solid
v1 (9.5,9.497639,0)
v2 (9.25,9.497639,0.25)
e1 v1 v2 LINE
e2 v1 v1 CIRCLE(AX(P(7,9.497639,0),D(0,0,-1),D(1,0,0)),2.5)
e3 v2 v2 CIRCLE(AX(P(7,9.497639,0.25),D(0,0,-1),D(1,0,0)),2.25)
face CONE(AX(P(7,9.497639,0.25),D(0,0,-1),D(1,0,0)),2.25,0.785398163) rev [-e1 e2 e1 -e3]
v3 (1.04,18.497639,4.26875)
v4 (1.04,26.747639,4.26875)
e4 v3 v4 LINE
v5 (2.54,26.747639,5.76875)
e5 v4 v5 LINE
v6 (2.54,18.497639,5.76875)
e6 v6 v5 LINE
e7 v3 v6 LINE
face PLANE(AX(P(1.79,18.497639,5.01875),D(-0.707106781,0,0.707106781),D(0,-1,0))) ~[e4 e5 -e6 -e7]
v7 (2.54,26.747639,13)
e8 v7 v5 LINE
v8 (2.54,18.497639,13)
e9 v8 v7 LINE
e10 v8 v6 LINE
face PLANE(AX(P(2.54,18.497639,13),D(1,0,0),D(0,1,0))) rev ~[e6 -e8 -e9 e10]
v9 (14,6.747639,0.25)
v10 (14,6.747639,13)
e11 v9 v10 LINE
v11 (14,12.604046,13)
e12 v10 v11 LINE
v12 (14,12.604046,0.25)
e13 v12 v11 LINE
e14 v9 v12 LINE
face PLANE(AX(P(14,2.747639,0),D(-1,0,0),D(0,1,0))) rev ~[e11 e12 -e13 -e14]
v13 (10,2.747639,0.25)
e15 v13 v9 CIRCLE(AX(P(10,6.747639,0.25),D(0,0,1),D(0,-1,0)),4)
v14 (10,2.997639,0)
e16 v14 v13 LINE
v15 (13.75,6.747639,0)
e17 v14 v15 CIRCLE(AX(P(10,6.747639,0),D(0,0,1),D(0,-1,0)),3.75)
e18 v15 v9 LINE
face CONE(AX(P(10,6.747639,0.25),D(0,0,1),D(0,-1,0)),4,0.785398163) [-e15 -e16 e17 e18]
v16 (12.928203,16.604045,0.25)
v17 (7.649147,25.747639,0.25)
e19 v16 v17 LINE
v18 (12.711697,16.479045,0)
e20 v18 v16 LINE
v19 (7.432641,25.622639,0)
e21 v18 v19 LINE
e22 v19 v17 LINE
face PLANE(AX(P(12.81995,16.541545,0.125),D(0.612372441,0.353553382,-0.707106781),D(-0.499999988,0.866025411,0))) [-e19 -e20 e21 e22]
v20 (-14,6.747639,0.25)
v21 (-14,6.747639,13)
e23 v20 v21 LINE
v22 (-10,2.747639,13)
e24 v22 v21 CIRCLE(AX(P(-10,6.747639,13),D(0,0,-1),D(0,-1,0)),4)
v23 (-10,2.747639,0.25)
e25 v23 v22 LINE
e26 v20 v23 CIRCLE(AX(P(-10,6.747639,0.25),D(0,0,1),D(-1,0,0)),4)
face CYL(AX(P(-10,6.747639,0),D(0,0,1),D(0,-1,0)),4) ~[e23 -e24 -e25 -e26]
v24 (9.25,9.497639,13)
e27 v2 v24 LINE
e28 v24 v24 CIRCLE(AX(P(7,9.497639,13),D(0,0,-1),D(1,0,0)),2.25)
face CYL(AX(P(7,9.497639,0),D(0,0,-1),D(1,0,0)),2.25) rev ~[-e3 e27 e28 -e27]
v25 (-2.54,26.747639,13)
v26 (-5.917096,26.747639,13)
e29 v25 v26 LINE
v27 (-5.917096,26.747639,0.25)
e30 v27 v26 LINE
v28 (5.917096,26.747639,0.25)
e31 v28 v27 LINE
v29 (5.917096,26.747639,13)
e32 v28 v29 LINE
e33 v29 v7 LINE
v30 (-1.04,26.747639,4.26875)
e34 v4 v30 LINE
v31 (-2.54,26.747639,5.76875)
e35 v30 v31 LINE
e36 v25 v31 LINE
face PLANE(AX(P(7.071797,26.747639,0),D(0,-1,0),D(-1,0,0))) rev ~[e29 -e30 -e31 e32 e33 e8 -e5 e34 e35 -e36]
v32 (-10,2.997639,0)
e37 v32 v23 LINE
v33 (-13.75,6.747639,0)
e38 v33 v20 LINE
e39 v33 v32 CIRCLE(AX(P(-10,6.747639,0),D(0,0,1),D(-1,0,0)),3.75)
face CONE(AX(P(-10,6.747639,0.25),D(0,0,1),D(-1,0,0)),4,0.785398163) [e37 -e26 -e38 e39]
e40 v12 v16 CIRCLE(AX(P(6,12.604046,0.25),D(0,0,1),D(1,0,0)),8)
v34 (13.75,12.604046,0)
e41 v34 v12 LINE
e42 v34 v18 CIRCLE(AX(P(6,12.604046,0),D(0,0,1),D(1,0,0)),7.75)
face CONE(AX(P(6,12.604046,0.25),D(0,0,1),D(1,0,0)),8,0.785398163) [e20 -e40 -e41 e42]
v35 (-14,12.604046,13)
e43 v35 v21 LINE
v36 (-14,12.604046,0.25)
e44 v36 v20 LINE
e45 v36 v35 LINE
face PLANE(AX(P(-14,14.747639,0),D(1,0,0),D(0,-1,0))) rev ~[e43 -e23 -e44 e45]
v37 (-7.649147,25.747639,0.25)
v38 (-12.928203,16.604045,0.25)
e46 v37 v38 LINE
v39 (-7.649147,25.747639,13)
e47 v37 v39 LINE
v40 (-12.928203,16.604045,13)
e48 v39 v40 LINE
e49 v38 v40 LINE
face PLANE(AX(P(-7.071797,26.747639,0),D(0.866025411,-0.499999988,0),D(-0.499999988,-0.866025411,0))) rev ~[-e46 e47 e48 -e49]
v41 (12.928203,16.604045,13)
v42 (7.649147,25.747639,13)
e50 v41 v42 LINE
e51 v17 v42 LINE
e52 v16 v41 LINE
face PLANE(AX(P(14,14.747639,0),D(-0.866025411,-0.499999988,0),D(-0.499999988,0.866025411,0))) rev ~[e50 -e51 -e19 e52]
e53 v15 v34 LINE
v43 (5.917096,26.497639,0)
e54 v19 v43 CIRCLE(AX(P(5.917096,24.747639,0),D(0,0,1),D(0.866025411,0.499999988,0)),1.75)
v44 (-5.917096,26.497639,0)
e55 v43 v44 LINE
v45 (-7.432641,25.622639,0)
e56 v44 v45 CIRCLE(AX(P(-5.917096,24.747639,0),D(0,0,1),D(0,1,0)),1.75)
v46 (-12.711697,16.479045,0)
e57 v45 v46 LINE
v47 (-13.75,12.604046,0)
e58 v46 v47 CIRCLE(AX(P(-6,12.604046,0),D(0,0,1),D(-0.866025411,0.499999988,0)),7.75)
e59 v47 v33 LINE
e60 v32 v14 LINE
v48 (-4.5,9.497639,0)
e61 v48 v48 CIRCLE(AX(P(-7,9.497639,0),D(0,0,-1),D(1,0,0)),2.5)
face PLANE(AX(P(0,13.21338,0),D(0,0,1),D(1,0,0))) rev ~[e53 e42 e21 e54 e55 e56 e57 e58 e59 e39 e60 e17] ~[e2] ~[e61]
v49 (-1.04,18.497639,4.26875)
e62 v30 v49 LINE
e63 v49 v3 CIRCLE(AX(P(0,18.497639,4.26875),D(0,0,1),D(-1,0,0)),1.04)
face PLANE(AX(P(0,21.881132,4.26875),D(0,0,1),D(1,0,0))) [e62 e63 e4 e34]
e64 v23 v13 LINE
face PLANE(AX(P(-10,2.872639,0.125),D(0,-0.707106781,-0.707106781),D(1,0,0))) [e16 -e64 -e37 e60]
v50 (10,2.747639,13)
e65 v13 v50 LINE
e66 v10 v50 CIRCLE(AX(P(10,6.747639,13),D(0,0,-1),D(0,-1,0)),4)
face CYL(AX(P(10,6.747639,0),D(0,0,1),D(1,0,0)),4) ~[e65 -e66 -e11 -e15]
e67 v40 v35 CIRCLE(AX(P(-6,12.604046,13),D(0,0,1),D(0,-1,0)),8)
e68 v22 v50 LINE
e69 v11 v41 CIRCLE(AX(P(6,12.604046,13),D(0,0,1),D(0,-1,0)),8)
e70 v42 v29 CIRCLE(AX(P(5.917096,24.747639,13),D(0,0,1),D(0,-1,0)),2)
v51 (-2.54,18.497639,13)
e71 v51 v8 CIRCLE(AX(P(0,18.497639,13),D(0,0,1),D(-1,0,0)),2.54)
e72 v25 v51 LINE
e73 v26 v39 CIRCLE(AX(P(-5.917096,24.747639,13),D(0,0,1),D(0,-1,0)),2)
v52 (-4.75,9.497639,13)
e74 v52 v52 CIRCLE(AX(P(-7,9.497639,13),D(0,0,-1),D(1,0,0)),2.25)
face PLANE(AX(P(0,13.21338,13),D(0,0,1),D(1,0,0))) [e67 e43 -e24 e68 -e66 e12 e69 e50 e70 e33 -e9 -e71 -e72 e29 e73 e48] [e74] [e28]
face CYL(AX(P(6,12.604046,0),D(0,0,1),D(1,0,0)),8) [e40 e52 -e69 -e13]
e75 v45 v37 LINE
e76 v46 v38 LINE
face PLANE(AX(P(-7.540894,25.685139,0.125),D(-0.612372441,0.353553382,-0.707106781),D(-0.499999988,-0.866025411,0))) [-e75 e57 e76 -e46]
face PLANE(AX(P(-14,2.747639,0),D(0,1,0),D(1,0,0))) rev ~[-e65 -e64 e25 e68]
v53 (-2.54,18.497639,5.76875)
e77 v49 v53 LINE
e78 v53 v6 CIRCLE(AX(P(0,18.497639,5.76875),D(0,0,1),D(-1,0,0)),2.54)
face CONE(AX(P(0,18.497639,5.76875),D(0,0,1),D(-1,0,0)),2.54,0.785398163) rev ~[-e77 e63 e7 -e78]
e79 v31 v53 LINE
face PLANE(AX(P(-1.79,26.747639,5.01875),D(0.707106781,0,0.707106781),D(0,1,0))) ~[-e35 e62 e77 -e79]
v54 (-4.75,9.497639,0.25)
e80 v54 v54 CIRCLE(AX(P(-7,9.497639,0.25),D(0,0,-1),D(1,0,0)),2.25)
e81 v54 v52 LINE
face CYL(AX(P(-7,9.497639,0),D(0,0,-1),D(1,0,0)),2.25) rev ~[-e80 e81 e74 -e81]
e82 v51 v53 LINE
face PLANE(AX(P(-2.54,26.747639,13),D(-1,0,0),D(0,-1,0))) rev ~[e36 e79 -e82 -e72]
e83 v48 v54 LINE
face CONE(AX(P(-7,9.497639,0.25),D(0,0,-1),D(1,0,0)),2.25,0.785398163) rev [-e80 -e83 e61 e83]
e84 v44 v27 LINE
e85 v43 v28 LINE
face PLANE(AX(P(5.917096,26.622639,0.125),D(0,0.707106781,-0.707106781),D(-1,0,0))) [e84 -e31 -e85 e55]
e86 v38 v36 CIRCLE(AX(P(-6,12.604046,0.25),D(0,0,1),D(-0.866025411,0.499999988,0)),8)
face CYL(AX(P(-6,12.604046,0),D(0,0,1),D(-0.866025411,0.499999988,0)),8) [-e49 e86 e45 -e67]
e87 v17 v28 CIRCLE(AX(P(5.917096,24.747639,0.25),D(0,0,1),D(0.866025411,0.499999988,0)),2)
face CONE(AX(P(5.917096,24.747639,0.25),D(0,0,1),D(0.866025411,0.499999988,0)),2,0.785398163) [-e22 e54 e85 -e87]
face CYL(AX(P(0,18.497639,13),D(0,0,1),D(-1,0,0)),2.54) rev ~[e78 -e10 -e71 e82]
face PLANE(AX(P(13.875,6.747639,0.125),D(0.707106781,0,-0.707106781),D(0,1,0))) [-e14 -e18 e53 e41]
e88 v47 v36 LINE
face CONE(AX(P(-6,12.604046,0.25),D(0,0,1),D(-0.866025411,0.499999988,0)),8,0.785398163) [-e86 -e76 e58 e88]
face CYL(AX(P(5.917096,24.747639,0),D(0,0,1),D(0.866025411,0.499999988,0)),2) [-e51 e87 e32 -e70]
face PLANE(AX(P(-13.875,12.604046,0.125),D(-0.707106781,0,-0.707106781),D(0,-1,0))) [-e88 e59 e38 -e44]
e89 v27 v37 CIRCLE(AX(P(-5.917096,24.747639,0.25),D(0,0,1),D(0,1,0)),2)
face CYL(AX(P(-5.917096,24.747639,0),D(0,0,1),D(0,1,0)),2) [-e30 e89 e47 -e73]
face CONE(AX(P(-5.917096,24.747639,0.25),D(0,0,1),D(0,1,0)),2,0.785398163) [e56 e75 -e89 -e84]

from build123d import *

# Parameters (mm, degrees)
F1_DEPTH = 13
F2_R     = 8
F3_R     = 2
F5_DEPTH = 8.73125
F6_R     = 2.25
F7_DEPTH = 13.001
F8_R     = 4
F9_SIZE  = 1.5
F10_SIZE = 0.25


with BuildPart() as f1:
    # F0 (on Top) → F1 (new body)
    with BuildSketch(Plane.XY):
        Polygon((0, 2.747639), (14, 2.747639), (14, 14.747639), (7.071797, 26.747639), (0, 26.747639), (-7.071797, 26.747639), (-14, 14.747639), (-14, 2.747639), align=None)
    extrude(amount=F1_DEPTH)

    # F2
    f2_edges = [f1.edges().sort_by_distance(p)[0] for p in [
        (-14, 14.747639, 6.5),
        (14, 14.747639, 6.5),
    ]]
    fillet(f2_edges, radius=F2_R)

    # F3
    f3_edges = [f1.edges().sort_by_distance(p)[0] for p in [
        (-7.071797, 26.747639, 6.5),
        (7.071797, 26.747639, 6.5),
    ]]
    fillet(f3_edges, radius=F3_R)

    # F4 (on face) → F5 (cut)
    with BuildSketch(Plane.XY.offset(13)):
        with BuildLine():
            Line((-2.54, 26.747639), (-2.54, 18.497639))
            ThreePointArc((-2.54, 18.497639), (0, 15.957639), (2.54, 18.497639))
            Line((2.54, 18.497639), (2.54, 26.747639))
            Line((2.54, 26.747639), (-2.54, 26.747639))
        make_face()
    extrude(amount=-F5_DEPTH, mode=Mode.SUBTRACT)

    # F6 (on face) → F7 (cut, through all)
    with BuildSketch(Plane(origin=(0, 0, 0), x_dir=(1, 0, 0), z_dir=(0, 0, -1))):
        with Locations((-7, -9.497639)):
            Circle(F6_R)
        with Locations((7, -9.497639)):
            Circle(F6_R)
    extrude(amount=-F7_DEPTH, mode=Mode.SUBTRACT)

    # F8
    f8_edges = [f1.edges().sort_by_distance(p)[0] for p in [
        (-14, 2.747639, 6.5),
        (14, 2.747639, 6.5),
    ]]
    fillet(f8_edges, radius=F8_R)

    # F9
    f9_edges = [f1.edges().sort_by_distance(p)[0] for p in [
        (0, 15.957639, 4.26875),
    ]]
    chamfer(f9_edges, length=F9_SIZE)

    # F10
    f10_edges = [f1.edges().sort_by_distance(p)[0] for p in [
        (4.75, 9.497639, 0),
        (-9.25, 9.497639, 0),
        (10.288675, 21.175842, 0),
    ]]
    chamfer(f10_edges, length=F10_SIZE)


solid = f1.part
